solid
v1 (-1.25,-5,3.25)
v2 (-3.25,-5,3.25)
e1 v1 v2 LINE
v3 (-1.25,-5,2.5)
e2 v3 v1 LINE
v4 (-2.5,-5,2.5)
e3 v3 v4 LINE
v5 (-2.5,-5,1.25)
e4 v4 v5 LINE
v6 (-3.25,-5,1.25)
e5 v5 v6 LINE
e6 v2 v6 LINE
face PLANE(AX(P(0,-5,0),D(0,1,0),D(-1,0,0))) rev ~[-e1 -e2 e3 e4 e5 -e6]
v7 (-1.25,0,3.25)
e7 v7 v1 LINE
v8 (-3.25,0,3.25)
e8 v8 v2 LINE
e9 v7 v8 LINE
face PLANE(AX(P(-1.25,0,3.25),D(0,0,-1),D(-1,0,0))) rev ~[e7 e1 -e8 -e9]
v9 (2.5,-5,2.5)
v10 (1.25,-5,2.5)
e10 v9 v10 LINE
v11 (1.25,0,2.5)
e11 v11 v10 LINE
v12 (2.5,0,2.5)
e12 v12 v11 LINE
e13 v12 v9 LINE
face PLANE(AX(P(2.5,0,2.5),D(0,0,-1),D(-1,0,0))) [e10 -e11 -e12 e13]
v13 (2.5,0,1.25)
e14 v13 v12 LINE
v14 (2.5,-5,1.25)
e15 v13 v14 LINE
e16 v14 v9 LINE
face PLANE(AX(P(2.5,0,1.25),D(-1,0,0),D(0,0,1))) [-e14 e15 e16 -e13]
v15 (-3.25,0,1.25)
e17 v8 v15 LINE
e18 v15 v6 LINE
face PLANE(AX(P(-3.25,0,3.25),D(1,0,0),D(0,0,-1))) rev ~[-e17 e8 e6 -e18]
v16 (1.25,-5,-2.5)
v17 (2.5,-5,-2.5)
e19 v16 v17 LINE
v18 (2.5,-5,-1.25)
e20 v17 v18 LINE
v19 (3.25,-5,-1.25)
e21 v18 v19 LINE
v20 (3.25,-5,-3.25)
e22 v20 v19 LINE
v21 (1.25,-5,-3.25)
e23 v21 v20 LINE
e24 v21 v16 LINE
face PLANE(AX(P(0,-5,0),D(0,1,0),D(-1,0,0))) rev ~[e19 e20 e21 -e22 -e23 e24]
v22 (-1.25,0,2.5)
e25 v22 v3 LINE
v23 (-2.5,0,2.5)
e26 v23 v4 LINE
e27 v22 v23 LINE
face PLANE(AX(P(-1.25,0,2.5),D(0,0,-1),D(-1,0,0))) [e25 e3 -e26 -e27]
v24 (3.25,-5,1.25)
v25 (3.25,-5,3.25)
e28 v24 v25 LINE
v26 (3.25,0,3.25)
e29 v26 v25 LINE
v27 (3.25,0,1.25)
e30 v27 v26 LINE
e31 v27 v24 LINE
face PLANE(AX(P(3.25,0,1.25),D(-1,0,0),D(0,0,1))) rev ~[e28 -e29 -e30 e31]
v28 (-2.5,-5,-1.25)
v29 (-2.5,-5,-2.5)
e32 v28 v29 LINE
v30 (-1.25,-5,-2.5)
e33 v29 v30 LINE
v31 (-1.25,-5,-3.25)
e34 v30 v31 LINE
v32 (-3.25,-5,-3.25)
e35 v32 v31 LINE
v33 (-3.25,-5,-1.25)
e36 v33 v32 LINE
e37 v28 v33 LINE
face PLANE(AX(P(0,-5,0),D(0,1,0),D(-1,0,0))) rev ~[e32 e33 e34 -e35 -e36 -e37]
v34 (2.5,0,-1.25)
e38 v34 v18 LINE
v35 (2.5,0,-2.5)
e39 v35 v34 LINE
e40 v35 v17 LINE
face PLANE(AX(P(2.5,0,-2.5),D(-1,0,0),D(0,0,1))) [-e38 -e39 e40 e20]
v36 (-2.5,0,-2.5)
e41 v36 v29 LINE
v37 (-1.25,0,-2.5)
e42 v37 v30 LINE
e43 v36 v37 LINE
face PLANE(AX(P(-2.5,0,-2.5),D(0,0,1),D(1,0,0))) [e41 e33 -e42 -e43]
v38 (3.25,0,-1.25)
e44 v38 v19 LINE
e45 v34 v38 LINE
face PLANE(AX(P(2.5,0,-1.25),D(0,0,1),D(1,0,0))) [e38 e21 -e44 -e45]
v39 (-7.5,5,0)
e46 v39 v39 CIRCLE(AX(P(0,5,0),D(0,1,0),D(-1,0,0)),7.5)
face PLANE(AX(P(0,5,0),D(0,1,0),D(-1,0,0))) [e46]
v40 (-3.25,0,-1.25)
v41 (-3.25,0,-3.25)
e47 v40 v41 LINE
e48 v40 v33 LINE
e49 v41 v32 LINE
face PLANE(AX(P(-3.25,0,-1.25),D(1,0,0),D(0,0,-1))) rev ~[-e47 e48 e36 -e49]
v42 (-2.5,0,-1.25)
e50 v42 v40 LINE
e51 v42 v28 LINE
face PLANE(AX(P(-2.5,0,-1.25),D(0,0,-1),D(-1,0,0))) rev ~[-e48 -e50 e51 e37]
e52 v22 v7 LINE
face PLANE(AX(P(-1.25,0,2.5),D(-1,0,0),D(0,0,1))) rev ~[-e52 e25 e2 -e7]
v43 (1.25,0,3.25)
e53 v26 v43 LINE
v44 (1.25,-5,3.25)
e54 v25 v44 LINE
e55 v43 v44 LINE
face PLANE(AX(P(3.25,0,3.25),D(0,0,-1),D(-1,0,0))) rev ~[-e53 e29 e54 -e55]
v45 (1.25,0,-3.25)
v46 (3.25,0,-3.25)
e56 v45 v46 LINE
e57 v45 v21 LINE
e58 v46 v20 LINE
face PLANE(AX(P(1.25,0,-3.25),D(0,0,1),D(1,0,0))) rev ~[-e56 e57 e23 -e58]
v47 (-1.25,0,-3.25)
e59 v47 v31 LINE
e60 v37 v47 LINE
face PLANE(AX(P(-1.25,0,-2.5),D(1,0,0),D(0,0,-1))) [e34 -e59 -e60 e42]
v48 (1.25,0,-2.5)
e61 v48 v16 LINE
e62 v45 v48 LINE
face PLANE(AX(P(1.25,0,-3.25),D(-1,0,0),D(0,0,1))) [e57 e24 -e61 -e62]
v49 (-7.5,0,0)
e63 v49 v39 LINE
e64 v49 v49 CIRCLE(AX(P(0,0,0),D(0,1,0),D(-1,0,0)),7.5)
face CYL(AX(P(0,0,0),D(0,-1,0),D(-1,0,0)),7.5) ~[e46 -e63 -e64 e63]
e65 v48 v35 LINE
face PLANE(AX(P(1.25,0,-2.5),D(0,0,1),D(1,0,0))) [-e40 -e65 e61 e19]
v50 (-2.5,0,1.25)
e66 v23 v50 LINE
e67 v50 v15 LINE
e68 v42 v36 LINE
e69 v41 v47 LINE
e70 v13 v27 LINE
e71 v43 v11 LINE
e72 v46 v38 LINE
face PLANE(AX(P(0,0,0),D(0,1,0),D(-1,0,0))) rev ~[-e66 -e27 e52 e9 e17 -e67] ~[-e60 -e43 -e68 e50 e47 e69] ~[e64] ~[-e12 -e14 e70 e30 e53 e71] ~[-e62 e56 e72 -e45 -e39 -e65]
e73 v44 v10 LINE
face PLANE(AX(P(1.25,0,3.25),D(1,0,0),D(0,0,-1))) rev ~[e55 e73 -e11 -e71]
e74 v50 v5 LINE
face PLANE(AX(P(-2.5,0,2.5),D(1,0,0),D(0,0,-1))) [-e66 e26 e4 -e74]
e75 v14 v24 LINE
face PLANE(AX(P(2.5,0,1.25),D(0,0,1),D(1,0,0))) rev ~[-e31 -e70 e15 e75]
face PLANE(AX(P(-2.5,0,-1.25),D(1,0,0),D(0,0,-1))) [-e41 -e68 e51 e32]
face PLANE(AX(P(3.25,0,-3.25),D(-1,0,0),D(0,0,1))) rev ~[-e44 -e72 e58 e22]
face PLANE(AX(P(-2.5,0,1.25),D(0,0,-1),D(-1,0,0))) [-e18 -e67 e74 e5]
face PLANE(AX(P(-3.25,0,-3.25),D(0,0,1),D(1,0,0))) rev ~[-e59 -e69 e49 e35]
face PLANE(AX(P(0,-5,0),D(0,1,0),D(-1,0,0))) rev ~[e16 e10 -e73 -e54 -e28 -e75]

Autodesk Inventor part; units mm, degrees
ref_plane "YZ Plane" through (0, 0, 0) normal (1, 0, 0) x (0, 1, 0)
ref_plane "XZ Plane" through (0, 0, 0) normal (0, 1, 0) x (-1, 0, 0)
ref_plane "XY Plane" through (0, 0, 0) normal (0, 0, 1) x (1, 0, 0)
sketch "Sketch1" plane through (0, 0, 0) normal (0, 1, 0) x (-1, 0, 0)
  circle A0 centre (0, 0) radius 7.5
  line L0 (-3.25, 3.25) -> (3.25, 3.25)
  line L1 (3.25, 3.25) -> (3.25, -3.25)
  line L2 (3.25, -3.25) -> (-3.25, -3.25)
  line L3 (-3.25, -3.25) -> (-3.25, 3.25)
  line L4 (-3.25, 3.25) -> (3.25, -3.25) construction
  line L5 (3.25, 3.25) -> (-3.25, -3.25) construction
  line L6 (-2.5, 2.5) -> (2.5, 2.5)
  line L7 (2.5, 2.5) -> (2.5, -2.5)
  line L8 (2.5, -2.5) -> (-2.5, -2.5)
  line L9 (-2.5, -2.5) -> (-2.5, 2.5)
  line L10 (-2.5, 2.5) -> (2.5, -2.5) construction
  line L11 (2.5, 2.5) -> (-2.5, -2.5) construction
  line L12 (2.5, 1.25) -> (3.25, 1.25)
  line L13 (2.5, -1.25) -> (3.25, -1.25)
  line L14 (1.25, 2.5) -> (1.25, 3.25)
  line L15 (-1.25, 3.25) -> (-1.25, 2.5)
  line L16 (3.25, 0) -> (-3.25, 0) construction
  line L17 (0, 3.25) -> (0, -3.25) construction
  line L18 (-2.5, 1.25) -> (-3.25, 1.25)
  line L19 (-2.5, -1.25) -> (-3.25, -1.25)
  line L20 (1.25, -2.5) -> (1.25, -3.25)
  line L21 (-1.25, -3.25) -> (-1.25, -2.5)
  point P0 (2.875, -1.25)
  point P1 (2.875, 1.25)
  point P2 (-1.25, 2.875)
  point P3 (1.25, 2.875)
  dimension "d0" = 15
  dimension "d1" = 6.5
  dimension "d2" = 6.5
  dimension "d3" = 5
  dimension "d4" = 2.5
  dimension "d5" = 1.25
  dimension "d6" = 2.5
  dimension "d7" = 1.25
extrude "Extrusion1" add sketch "Sketch1" along normal blind 5 contours A0 | L0 L15 L6 L9 L18 L3 | L0 L14 L6 L15 | L18 L9 L19 L3 | L0 L1 L12 L7 L6 L14 | L6 L7 L8 L9 | L19 L9 L8 L21 L2 L3 | L1 L13 L7 L12 | L21 L8 L20 L2 | L1 L2 L20 L8 L7 L13
extrude "Extrusion2" add sketch "Sketch1" against normal blind 5 contours L0 L15 L6 L9 L18 L3 | L0 L1 L12 L7 L6 L14 | L19 L9 L8 L21 L2 L3 | L1 L2 L20 L8 L7 L13
equation "\"d5\" = 0.5 * d4"
equation "\"d7\" = 0.5 * d6"
properties part number "Inflate_Button" material "Default New Material"
